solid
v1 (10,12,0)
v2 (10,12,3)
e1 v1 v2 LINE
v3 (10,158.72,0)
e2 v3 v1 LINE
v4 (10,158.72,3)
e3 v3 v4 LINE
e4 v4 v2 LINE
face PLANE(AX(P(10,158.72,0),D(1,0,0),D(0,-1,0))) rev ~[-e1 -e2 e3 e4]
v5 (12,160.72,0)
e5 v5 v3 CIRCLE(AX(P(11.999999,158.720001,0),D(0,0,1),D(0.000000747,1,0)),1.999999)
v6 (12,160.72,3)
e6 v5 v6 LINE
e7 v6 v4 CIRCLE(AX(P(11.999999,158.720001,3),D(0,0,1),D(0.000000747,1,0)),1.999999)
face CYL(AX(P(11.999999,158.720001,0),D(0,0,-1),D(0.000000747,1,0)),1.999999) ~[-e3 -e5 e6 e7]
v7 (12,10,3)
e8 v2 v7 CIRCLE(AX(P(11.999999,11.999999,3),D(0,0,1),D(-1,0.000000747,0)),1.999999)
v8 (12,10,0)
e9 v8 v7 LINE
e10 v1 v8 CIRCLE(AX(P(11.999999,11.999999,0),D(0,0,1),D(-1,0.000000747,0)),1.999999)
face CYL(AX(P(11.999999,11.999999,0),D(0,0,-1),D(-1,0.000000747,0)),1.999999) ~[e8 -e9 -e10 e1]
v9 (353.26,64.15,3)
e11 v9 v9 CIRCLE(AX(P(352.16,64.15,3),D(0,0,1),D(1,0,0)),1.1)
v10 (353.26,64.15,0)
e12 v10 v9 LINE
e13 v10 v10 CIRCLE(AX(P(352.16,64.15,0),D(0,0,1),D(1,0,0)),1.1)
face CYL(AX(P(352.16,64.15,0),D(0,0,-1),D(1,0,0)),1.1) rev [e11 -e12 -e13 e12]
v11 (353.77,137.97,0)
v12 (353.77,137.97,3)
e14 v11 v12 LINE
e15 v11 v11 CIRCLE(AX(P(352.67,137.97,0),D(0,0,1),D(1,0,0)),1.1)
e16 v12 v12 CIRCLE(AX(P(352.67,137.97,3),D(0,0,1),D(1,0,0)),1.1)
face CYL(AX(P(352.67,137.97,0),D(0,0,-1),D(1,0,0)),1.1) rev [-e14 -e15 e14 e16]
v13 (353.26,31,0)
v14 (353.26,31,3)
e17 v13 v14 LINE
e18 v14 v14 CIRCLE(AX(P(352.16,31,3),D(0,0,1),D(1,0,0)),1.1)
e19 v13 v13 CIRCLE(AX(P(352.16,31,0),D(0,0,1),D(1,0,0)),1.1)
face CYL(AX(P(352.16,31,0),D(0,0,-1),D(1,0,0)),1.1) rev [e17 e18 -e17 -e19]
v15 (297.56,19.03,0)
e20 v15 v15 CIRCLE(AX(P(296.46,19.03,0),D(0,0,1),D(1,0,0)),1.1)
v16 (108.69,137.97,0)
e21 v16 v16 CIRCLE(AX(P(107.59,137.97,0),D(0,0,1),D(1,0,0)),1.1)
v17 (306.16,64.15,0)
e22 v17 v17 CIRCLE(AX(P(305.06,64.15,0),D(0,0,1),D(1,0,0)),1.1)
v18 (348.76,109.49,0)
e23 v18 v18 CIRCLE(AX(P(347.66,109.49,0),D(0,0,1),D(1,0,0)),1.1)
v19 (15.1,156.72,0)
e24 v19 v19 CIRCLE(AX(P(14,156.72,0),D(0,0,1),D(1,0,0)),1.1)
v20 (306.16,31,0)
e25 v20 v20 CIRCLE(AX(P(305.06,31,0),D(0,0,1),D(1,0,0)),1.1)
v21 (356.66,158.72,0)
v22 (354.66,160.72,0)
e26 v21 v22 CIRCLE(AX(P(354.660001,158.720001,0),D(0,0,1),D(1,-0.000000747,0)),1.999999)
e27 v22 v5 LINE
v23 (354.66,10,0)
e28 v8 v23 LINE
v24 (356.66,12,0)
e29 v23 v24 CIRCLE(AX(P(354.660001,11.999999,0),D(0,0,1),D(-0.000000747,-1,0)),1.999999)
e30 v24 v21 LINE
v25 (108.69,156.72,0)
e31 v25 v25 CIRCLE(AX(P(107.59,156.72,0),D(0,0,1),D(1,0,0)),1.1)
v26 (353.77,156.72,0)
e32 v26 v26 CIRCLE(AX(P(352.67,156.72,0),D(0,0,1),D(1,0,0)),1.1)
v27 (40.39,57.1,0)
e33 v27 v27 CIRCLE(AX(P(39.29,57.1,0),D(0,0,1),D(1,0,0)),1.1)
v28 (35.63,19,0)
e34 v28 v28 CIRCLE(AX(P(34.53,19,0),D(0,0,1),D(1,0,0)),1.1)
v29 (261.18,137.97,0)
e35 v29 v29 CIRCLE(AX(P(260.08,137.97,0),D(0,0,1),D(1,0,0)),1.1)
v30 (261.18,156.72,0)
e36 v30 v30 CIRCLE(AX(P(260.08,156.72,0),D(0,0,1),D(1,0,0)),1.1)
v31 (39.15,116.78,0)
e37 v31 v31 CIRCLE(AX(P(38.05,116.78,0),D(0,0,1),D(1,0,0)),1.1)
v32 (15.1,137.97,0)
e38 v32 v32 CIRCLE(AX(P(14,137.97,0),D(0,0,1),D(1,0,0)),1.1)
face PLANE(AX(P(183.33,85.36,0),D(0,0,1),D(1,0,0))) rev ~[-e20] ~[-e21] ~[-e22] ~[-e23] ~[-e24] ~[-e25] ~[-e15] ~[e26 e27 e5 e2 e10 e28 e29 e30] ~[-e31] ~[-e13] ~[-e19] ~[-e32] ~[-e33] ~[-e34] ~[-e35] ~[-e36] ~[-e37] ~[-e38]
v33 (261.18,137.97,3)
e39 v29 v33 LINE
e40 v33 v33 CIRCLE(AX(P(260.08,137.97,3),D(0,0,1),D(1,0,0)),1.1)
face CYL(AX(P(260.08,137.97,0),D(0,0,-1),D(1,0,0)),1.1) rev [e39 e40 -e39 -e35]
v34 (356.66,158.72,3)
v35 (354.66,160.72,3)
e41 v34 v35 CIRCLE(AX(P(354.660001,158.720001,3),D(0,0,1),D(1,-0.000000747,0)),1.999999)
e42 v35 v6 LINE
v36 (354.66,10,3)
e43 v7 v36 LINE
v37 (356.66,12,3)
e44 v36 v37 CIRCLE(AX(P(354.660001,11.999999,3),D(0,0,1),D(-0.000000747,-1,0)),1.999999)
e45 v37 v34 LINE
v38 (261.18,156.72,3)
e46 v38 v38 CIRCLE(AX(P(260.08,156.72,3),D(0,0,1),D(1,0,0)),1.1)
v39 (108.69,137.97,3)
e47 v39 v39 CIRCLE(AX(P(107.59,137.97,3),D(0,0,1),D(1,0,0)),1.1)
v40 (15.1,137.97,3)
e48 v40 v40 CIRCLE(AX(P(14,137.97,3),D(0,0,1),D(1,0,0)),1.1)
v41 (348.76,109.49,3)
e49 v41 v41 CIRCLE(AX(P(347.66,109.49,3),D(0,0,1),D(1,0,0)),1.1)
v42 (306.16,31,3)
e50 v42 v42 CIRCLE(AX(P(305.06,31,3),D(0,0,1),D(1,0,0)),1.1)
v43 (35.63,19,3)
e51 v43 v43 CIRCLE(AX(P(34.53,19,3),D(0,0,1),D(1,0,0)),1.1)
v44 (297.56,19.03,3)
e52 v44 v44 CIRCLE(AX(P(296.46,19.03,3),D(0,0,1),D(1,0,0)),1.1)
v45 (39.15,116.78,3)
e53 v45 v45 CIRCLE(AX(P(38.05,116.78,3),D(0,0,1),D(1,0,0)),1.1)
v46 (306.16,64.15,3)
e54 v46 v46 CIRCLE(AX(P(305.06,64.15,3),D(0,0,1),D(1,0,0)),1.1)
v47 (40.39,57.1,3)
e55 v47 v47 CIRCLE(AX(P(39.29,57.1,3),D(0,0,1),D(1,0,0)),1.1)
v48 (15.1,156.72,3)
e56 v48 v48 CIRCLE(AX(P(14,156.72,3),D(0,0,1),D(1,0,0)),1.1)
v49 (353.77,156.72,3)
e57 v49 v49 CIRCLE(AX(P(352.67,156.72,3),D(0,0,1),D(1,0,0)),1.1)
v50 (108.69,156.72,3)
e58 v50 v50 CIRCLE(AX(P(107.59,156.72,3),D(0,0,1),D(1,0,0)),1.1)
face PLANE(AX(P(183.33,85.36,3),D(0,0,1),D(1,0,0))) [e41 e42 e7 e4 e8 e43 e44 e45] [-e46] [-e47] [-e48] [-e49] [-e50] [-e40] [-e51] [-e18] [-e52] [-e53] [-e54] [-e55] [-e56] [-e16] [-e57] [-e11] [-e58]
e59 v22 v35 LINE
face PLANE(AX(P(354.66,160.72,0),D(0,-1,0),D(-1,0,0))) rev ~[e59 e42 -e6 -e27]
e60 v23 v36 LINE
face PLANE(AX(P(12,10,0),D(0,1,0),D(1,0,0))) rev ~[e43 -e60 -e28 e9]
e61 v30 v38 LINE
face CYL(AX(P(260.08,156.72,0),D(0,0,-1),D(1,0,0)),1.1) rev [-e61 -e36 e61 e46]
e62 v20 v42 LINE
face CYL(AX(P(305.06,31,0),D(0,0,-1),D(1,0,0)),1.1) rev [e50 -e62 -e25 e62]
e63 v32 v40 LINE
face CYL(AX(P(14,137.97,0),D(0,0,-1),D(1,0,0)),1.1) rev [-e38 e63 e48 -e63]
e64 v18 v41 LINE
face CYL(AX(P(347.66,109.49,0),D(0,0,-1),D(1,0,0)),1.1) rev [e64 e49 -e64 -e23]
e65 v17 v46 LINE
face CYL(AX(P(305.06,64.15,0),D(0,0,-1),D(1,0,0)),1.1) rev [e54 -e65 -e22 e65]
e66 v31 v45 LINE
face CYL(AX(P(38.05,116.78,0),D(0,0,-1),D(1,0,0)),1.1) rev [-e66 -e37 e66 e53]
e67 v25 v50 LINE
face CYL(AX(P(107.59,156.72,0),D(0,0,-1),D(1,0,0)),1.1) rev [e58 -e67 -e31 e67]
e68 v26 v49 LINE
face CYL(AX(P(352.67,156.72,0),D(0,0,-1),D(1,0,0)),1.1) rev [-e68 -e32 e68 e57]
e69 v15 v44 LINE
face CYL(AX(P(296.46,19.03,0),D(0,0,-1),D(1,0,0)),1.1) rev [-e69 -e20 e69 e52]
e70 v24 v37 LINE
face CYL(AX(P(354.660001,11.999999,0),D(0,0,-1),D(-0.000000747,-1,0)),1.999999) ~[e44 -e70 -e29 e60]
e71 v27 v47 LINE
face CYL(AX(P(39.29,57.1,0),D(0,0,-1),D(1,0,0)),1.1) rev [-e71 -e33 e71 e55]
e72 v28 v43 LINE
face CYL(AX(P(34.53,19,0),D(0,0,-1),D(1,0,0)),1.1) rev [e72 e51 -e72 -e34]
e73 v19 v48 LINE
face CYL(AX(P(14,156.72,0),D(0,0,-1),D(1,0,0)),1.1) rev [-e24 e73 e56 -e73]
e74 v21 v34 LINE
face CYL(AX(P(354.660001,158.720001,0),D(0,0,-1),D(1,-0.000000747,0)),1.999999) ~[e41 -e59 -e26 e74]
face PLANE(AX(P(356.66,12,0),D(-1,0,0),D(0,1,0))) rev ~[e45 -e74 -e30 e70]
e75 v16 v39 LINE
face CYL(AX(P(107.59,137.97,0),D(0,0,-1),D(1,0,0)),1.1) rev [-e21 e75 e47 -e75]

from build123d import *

# Parameters (mm, degrees)
SKETCH_R  = 1.1
PAD_DEPTH = 3


with BuildPart() as part:
    # Sketch → Pad (new body)
    with BuildSketch(Plane.XY):
        with BuildLine():
            Line((12, 10), (354.66, 10))
            ThreePointArc((354.66, 10), (356.074214, 10.585786), (356.66, 12))
            Line((356.66, 12), (356.66, 158.72))
            ThreePointArc((356.66, 158.72), (356.074214, 160.134214), (354.66, 160.72))
            Line((354.66, 160.72), (12, 160.72))
            ThreePointArc((12, 160.72), (10.585786, 160.134214), (10, 158.72))
            Line((10, 158.72), (10, 12))
            ThreePointArc((10, 12), (10.585786, 10.585786), (12, 10))
        make_face()
        with Locations((14, 137.97)):
            Circle(SKETCH_R, mode=Mode.SUBTRACT)
        with Locations((14, 156.72)):
            Circle(SKETCH_R, mode=Mode.SUBTRACT)
        with Locations((34.53, 19)):
            Circle(SKETCH_R, mode=Mode.SUBTRACT)
        with Locations((39.29, 57.1)):
            Circle(SKETCH_R, mode=Mode.SUBTRACT)
        with Locations((38.05, 116.78)):
            Circle(SKETCH_R, mode=Mode.SUBTRACT)
        with Locations((107.59, 156.72)):
            Circle(SKETCH_R, mode=Mode.SUBTRACT)
        with Locations((107.59, 137.97)):
            Circle(SKETCH_R, mode=Mode.SUBTRACT)
        with Locations((260.08, 156.72)):
            Circle(SKETCH_R, mode=Mode.SUBTRACT)
        with Locations((260.08, 137.97)):
            Circle(SKETCH_R, mode=Mode.SUBTRACT)
        with Locations((352.67, 156.72)):
            Circle(SKETCH_R, mode=Mode.SUBTRACT)
        with Locations((352.67, 137.97)):
            Circle(SKETCH_R, mode=Mode.SUBTRACT)
        with Locations((347.66, 109.49)):
            Circle(SKETCH_R, mode=Mode.SUBTRACT)
        with Locations((305.06, 64.15)):
            Circle(SKETCH_R, mode=Mode.SUBTRACT)
        with Locations((352.16, 64.15)):
            Circle(SKETCH_R, mode=Mode.SUBTRACT)
        with Locations((305.06, 31)):
            Circle(SKETCH_R, mode=Mode.SUBTRACT)
        with Locations((352.16, 31)):
            Circle(SKETCH_R, mode=Mode.SUBTRACT)
        with Locations((296.46, 19.03)):
            Circle(SKETCH_R, mode=Mode.SUBTRACT)
    extrude(amount=PAD_DEPTH)


solid = part.part
